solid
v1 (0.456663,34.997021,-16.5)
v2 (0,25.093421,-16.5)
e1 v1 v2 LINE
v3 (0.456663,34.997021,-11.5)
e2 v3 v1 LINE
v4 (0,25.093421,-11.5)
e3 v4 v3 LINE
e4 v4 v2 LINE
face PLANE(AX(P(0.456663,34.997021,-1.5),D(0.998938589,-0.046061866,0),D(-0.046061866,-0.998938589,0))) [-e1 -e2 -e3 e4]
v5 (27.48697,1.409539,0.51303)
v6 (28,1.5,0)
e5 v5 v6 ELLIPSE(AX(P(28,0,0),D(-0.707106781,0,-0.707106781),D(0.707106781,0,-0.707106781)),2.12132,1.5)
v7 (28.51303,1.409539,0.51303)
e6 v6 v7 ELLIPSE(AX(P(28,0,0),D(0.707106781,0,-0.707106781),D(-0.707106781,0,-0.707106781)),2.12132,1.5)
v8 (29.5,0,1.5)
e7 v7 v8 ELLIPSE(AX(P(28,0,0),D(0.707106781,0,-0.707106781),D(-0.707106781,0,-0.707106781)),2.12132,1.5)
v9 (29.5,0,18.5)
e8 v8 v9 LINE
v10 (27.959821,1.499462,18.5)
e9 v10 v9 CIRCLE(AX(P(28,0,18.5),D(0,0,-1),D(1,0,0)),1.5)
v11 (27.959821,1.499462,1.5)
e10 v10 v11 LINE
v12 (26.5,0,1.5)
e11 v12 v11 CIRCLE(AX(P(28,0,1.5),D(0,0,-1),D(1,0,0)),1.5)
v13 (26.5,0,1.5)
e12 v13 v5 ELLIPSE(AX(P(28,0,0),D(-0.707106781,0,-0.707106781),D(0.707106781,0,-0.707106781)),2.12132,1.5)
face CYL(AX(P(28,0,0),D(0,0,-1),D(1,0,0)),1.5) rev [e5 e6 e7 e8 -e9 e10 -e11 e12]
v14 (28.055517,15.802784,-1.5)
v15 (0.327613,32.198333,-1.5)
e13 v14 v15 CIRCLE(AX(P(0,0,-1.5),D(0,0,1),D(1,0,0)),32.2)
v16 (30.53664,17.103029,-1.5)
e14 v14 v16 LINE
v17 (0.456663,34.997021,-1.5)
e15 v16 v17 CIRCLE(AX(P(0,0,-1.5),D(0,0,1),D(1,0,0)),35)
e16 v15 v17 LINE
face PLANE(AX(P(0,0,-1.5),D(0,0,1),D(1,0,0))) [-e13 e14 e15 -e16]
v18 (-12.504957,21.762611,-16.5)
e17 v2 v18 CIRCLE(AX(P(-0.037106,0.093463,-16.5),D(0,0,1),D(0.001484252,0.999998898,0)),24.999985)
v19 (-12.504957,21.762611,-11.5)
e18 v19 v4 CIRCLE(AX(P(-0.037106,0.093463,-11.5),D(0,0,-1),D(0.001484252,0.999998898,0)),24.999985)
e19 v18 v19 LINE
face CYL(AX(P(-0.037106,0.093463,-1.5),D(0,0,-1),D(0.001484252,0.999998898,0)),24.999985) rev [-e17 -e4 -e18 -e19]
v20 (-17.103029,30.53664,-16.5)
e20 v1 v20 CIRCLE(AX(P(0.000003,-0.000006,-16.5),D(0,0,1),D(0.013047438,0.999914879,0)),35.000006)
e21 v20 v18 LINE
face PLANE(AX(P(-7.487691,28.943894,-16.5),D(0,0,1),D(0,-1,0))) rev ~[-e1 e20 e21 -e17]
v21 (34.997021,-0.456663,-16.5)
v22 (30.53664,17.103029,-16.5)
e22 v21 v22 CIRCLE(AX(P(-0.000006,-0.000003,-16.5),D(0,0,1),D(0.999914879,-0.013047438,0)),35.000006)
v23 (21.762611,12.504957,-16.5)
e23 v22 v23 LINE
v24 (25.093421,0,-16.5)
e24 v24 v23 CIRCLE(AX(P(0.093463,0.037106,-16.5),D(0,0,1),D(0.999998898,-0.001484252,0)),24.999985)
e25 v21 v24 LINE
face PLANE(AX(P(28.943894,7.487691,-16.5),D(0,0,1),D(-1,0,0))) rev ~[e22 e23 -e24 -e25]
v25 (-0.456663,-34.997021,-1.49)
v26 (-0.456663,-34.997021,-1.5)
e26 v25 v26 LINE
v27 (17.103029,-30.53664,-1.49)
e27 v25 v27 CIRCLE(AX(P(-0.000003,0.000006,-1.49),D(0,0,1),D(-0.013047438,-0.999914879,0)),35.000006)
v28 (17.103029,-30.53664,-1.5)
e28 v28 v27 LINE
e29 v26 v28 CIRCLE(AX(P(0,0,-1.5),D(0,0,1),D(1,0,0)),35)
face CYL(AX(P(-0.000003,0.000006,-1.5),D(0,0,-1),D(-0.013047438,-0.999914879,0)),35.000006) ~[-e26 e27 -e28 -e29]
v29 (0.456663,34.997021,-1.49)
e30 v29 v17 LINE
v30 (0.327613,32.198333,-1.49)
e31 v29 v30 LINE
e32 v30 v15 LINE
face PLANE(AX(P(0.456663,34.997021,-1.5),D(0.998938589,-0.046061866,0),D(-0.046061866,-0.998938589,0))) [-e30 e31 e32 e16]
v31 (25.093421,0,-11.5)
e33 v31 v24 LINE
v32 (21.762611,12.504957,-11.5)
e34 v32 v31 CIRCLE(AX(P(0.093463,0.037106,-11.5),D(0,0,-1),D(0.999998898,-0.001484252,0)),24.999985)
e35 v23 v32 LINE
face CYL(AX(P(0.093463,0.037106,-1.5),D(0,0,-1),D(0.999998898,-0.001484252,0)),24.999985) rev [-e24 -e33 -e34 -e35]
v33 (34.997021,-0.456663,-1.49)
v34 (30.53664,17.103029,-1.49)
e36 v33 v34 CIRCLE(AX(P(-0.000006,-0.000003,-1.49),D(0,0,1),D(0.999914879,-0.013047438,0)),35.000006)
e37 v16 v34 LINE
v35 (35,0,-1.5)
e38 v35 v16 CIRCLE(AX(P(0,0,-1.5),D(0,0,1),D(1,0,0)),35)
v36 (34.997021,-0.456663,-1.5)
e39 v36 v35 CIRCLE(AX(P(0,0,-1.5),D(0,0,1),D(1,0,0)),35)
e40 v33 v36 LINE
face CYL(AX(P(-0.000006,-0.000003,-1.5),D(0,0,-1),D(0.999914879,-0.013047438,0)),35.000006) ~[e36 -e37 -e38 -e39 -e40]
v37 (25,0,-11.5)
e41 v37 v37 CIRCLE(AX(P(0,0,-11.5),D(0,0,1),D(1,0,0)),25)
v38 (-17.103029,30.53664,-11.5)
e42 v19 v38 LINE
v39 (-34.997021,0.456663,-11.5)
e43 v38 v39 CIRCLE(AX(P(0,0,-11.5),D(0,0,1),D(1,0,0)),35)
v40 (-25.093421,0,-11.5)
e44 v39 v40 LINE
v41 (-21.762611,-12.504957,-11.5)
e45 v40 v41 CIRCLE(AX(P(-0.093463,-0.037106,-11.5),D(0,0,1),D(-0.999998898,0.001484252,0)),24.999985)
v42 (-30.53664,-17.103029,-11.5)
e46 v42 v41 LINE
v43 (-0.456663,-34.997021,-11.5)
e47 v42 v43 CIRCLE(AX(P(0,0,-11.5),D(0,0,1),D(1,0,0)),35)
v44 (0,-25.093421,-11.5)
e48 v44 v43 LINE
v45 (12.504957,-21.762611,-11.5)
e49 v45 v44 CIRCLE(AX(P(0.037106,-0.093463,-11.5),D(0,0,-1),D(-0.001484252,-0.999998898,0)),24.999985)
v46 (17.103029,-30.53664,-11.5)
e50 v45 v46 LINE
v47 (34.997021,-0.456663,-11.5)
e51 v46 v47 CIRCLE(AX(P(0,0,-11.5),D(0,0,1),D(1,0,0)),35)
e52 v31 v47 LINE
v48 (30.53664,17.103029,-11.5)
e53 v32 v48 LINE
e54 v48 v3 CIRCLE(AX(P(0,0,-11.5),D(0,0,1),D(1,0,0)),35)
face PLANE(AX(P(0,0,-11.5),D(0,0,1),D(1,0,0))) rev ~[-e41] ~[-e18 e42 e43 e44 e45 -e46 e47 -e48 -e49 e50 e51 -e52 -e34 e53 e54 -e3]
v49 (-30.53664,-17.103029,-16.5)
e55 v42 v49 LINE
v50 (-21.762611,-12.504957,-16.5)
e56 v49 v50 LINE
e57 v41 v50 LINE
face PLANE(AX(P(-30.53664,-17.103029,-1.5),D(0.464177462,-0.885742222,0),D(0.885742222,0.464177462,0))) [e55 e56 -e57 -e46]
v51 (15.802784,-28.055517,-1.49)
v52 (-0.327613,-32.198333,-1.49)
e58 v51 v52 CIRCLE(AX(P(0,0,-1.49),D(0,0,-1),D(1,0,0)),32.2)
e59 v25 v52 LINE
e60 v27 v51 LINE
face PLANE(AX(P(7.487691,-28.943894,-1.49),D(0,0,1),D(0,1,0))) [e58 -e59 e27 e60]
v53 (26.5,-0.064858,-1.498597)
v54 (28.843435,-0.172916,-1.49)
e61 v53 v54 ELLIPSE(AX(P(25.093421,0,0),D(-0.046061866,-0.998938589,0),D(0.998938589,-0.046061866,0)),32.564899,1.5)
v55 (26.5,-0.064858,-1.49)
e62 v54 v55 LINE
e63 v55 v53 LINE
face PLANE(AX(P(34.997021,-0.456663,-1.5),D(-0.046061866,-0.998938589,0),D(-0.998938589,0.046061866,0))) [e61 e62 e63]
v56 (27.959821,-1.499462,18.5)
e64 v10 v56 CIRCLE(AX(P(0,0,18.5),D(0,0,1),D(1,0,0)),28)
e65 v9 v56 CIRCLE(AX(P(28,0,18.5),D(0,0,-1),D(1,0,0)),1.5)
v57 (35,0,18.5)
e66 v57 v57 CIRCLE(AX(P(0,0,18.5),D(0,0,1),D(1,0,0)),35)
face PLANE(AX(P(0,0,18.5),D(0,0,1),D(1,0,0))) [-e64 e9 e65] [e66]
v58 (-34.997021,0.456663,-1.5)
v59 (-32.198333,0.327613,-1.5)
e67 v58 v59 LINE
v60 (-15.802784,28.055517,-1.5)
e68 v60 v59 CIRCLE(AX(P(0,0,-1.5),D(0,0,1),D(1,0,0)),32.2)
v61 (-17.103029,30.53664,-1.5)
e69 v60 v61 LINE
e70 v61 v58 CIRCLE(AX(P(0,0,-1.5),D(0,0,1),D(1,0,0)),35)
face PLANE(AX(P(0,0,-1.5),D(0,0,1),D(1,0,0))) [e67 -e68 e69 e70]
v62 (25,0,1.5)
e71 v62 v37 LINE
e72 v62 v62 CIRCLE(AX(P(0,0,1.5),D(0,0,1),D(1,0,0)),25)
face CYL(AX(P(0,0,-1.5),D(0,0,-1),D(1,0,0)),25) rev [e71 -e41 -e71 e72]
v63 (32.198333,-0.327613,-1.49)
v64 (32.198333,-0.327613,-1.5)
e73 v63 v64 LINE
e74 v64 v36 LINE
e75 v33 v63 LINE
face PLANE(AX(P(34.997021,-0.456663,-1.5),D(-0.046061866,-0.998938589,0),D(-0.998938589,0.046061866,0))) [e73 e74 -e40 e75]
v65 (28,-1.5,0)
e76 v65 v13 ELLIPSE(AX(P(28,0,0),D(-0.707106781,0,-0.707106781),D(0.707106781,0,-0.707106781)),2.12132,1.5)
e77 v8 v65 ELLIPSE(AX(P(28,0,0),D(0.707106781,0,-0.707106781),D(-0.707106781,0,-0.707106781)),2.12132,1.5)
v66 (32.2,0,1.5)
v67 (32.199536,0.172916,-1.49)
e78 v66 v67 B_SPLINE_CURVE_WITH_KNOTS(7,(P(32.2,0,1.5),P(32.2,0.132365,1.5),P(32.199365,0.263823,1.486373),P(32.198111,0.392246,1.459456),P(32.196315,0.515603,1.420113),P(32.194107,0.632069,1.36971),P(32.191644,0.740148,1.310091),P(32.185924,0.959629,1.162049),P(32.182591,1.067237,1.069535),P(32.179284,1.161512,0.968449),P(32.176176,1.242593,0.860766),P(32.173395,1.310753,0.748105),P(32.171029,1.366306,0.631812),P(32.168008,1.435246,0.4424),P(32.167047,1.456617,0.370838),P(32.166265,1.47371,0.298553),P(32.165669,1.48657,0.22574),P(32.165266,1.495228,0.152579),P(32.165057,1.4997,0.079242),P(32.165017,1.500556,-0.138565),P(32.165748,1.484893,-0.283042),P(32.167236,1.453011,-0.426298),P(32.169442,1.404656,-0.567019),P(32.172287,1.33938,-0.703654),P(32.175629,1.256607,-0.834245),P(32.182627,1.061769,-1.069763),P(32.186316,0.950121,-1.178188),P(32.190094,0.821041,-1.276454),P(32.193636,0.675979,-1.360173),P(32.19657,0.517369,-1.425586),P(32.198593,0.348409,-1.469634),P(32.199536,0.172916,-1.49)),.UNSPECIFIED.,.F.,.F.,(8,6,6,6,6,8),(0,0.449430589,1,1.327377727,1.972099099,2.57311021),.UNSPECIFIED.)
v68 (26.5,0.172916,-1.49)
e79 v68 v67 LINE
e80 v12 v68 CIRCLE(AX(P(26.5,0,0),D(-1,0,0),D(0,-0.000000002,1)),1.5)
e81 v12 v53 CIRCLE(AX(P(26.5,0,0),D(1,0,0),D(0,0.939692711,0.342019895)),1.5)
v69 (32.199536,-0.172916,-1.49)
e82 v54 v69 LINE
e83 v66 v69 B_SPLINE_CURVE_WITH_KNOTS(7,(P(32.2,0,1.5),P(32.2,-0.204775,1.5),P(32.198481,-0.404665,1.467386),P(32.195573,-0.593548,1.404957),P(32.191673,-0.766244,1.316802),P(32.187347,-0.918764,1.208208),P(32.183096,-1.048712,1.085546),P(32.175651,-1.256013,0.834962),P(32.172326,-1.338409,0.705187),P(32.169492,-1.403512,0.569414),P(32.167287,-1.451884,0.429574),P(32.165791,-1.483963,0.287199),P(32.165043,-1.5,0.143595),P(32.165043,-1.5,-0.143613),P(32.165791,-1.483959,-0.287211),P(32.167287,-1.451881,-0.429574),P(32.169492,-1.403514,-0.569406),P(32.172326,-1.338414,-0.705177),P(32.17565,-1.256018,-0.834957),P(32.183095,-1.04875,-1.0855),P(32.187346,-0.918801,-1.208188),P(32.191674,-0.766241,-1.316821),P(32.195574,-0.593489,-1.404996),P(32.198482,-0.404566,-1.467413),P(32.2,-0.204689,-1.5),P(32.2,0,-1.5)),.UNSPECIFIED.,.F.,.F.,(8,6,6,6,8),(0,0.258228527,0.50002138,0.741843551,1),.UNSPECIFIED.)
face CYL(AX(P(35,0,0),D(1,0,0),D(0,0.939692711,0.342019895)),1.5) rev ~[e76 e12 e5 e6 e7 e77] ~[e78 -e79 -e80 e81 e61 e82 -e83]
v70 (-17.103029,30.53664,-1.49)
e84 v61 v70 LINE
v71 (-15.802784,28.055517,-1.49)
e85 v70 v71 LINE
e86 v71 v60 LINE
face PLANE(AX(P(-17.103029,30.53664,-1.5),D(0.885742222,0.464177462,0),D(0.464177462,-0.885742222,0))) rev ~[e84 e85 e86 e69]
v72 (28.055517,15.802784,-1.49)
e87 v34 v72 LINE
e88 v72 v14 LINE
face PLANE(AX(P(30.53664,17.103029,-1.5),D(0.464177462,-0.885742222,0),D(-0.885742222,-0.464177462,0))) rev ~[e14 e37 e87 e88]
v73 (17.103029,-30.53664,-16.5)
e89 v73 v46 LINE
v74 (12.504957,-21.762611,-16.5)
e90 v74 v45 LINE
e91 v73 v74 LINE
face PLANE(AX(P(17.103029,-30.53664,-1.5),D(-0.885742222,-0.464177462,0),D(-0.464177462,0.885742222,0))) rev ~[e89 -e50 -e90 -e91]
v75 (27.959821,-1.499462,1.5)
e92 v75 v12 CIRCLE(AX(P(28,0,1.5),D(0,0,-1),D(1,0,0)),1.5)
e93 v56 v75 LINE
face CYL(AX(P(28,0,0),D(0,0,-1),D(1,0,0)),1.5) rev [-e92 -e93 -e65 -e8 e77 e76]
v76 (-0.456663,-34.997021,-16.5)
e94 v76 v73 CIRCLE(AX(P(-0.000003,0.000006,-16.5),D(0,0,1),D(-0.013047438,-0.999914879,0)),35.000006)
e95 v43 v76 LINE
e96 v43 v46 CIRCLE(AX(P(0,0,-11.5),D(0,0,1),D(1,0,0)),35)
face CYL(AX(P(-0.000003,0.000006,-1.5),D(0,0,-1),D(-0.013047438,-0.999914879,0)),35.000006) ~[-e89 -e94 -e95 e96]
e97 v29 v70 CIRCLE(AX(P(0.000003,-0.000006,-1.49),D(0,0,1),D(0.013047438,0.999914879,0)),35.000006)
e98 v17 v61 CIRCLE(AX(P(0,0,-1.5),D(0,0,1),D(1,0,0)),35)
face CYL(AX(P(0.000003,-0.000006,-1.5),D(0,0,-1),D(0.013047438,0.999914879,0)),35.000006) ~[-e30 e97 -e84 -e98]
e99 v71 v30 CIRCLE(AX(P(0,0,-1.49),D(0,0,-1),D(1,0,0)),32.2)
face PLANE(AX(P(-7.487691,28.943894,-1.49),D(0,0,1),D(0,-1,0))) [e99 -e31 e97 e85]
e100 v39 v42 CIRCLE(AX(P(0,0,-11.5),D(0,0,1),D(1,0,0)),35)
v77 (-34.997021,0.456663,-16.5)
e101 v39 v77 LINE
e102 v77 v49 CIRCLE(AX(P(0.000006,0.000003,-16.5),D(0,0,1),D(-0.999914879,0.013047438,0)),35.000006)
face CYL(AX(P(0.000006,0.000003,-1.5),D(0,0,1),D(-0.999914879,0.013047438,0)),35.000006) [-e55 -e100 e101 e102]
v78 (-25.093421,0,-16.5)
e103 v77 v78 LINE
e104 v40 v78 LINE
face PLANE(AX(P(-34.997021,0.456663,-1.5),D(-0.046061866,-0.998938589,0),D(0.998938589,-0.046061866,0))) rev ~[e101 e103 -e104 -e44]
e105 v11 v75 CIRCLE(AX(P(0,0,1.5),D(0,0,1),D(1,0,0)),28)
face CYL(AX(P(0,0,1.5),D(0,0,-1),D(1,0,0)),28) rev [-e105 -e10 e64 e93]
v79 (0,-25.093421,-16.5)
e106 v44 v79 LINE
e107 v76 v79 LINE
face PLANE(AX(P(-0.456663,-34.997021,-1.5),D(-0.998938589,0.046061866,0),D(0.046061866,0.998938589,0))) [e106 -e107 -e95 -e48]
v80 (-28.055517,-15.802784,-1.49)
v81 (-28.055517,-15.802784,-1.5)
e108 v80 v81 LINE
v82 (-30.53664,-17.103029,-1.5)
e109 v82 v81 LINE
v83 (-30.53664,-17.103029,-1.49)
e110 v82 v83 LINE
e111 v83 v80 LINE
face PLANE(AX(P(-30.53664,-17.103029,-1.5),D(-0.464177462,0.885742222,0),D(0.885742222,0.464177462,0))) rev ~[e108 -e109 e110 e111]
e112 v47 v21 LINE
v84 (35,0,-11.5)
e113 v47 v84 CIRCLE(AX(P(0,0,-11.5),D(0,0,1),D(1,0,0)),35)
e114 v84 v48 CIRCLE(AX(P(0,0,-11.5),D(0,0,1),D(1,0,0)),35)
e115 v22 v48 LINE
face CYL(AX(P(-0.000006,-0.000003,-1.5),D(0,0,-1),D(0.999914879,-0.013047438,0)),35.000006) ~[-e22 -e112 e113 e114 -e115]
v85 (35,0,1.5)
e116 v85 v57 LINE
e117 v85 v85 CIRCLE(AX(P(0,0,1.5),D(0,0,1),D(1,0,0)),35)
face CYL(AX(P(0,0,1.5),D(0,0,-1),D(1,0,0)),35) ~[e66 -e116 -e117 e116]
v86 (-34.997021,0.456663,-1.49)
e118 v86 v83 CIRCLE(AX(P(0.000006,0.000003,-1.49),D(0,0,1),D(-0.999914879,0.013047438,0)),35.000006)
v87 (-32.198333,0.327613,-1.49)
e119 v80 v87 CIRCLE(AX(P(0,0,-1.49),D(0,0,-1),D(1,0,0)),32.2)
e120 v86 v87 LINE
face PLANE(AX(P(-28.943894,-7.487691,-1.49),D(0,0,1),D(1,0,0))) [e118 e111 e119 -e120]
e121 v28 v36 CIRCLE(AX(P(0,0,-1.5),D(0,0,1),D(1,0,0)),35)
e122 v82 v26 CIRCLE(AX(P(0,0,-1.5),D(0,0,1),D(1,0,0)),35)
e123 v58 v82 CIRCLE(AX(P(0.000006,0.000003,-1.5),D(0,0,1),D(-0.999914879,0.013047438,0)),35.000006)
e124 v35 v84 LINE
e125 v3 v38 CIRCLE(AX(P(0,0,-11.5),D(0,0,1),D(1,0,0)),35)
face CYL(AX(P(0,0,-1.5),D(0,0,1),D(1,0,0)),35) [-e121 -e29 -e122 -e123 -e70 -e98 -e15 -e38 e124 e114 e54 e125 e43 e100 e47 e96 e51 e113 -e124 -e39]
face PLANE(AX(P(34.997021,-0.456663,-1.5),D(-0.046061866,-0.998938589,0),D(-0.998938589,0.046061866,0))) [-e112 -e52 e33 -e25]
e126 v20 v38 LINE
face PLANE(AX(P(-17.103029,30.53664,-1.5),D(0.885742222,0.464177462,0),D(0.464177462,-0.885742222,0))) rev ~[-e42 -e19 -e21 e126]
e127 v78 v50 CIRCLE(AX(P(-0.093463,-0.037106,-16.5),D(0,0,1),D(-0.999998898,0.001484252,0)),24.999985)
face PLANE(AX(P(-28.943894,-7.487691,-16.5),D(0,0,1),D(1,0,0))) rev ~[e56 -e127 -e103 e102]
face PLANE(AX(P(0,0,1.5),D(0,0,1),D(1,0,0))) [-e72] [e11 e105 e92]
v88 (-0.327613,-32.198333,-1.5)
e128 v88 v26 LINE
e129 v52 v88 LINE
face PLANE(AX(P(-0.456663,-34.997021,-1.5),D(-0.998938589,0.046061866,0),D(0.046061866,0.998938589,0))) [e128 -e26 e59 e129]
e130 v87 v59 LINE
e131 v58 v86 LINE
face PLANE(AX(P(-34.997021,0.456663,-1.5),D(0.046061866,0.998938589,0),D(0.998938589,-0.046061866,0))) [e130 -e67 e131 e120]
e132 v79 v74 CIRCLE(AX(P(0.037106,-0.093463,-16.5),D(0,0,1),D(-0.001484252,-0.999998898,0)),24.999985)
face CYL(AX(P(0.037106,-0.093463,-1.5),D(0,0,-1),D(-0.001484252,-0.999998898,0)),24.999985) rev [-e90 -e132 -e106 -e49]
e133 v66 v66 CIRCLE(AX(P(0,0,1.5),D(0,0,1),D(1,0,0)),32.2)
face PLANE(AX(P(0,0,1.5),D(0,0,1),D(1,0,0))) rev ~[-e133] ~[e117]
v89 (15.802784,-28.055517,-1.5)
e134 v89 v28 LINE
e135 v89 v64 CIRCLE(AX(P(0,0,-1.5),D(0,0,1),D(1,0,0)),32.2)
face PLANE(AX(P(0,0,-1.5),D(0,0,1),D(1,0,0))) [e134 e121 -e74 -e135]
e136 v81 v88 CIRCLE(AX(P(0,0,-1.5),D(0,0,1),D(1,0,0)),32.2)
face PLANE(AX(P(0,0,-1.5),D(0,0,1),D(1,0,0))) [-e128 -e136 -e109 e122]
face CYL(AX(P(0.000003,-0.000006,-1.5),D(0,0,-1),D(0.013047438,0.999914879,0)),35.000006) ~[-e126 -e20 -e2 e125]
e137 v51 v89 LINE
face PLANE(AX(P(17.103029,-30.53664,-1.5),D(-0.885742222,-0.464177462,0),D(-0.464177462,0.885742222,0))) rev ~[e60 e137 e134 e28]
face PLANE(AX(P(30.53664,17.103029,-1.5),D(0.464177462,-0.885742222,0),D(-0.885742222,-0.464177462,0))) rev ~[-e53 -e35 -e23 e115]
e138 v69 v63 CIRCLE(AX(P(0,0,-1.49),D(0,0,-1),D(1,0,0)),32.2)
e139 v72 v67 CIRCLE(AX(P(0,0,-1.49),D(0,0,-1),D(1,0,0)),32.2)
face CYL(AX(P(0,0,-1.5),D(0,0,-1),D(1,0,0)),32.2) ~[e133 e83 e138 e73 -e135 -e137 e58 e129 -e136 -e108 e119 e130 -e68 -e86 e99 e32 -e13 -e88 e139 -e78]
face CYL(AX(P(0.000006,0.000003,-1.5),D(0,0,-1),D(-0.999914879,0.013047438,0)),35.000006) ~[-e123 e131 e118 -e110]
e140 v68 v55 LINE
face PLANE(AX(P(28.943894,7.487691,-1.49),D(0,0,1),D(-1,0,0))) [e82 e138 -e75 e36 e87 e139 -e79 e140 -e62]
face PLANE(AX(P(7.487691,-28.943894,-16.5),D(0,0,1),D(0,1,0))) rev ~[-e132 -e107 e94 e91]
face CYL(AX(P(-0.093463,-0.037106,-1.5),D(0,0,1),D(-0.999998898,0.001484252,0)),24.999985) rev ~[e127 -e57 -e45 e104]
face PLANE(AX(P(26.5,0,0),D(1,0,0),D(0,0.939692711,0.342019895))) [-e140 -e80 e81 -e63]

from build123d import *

# Parameters (mm, degrees)
SKETCH005_R          = 35
SKETCH005_R_2        = 25
PAD_DEPTH            = 10
SKETCH006_R          = 32.2
SKETCH006_R_2        = 25
PAD001_DEPTH         = 3
SKETCH_R             = 35
SKETCH_R_2           = 28
PAD002_DEPTH         = 17
SKETCH004_R          = 1.5
POCKET_DEPTH         = 20
SKETCH003_R          = 1.5
POCKET001_DEPTH      = 8.5
POCKET001_DEPTH_BACK = 100
PAD003_DEPTH         = 0.01
PAD003_DEPTH_BACK    = 15
POLARPATTERN_COUNT   = 4


with BuildPart() as part:
    # Sketch005 → Pad (new body)
    with BuildSketch(Plane.XY.offset(-1.5)):
        Circle(SKETCH005_R)
        Circle(SKETCH005_R_2, mode=Mode.SUBTRACT)
    extrude(amount=-PAD_DEPTH)

    # Sketch006 → Pad001 (join)
    with BuildSketch(Plane.XY.offset(-1.5)):
        Circle(SKETCH006_R)
        Circle(SKETCH006_R_2, mode=Mode.SUBTRACT)
    extrude(amount=PAD001_DEPTH)

    # Sketch → Pad002 (join)
    with BuildSketch(Plane.XY.offset(1.5)):
        Circle(SKETCH_R)
        Circle(SKETCH_R_2, mode=Mode.SUBTRACT)
    extrude(amount=PAD002_DEPTH)

    # Sketch004 → Pocket (cut)
    with BuildSketch(Plane(origin=(28, 0, 0), x_dir=(1, 0, 0), z_dir=(0, 0, 1))):
        Circle(SKETCH004_R)
    extrude(amount=POCKET_DEPTH, mode=Mode.SUBTRACT)

    # Sketch003 → Pocket001 (cut, two sides)
    with BuildSketch(Plane(origin=(35, 0, 0), x_dir=(0, 0.939693, 0.34202), z_dir=(1, 0, 0))) as pocket001_sk:
        Circle(SKETCH003_R)
    extrude(amount=-POCKET001_DEPTH, mode=Mode.SUBTRACT)
    extrude(pocket001_sk.sketch, amount=POCKET001_DEPTH_BACK, mode=Mode.SUBTRACT)

    # Sketch002 → Pad003 (join, two sides)
    with BuildSketch(Plane.XY.offset(-1.5)) as pad003_sk:
        with BuildLine():
            ThreePointArc((-34.997021, 0.456663), (-33.922719, -8.616793), (-30.53664, -17.103029))
            Line((-30.53664, -17.103029), (-21.762611, -12.504957))
            ThreePointArc((-25.093421, 0), (-24.251171, -6.471733), (-21.762611, -12.504957))
            Line((-34.997021, 0.456663), (-25.093421, 0))
        make_face()
    pad003 = extrude(amount=PAD003_DEPTH) + extrude(pad003_sk.sketch, amount=-PAD003_DEPTH_BACK)

    # PolarPattern: Pad003 ×4 about axis
    polarpattern_axis = Axis((0, 0, -1.5), (0, 0, 1))
    for i in range(1, POLARPATTERN_COUNT):
        add(pad003.rotate(polarpattern_axis, i * 360 / POLARPATTERN_COUNT))


solid = part.part
